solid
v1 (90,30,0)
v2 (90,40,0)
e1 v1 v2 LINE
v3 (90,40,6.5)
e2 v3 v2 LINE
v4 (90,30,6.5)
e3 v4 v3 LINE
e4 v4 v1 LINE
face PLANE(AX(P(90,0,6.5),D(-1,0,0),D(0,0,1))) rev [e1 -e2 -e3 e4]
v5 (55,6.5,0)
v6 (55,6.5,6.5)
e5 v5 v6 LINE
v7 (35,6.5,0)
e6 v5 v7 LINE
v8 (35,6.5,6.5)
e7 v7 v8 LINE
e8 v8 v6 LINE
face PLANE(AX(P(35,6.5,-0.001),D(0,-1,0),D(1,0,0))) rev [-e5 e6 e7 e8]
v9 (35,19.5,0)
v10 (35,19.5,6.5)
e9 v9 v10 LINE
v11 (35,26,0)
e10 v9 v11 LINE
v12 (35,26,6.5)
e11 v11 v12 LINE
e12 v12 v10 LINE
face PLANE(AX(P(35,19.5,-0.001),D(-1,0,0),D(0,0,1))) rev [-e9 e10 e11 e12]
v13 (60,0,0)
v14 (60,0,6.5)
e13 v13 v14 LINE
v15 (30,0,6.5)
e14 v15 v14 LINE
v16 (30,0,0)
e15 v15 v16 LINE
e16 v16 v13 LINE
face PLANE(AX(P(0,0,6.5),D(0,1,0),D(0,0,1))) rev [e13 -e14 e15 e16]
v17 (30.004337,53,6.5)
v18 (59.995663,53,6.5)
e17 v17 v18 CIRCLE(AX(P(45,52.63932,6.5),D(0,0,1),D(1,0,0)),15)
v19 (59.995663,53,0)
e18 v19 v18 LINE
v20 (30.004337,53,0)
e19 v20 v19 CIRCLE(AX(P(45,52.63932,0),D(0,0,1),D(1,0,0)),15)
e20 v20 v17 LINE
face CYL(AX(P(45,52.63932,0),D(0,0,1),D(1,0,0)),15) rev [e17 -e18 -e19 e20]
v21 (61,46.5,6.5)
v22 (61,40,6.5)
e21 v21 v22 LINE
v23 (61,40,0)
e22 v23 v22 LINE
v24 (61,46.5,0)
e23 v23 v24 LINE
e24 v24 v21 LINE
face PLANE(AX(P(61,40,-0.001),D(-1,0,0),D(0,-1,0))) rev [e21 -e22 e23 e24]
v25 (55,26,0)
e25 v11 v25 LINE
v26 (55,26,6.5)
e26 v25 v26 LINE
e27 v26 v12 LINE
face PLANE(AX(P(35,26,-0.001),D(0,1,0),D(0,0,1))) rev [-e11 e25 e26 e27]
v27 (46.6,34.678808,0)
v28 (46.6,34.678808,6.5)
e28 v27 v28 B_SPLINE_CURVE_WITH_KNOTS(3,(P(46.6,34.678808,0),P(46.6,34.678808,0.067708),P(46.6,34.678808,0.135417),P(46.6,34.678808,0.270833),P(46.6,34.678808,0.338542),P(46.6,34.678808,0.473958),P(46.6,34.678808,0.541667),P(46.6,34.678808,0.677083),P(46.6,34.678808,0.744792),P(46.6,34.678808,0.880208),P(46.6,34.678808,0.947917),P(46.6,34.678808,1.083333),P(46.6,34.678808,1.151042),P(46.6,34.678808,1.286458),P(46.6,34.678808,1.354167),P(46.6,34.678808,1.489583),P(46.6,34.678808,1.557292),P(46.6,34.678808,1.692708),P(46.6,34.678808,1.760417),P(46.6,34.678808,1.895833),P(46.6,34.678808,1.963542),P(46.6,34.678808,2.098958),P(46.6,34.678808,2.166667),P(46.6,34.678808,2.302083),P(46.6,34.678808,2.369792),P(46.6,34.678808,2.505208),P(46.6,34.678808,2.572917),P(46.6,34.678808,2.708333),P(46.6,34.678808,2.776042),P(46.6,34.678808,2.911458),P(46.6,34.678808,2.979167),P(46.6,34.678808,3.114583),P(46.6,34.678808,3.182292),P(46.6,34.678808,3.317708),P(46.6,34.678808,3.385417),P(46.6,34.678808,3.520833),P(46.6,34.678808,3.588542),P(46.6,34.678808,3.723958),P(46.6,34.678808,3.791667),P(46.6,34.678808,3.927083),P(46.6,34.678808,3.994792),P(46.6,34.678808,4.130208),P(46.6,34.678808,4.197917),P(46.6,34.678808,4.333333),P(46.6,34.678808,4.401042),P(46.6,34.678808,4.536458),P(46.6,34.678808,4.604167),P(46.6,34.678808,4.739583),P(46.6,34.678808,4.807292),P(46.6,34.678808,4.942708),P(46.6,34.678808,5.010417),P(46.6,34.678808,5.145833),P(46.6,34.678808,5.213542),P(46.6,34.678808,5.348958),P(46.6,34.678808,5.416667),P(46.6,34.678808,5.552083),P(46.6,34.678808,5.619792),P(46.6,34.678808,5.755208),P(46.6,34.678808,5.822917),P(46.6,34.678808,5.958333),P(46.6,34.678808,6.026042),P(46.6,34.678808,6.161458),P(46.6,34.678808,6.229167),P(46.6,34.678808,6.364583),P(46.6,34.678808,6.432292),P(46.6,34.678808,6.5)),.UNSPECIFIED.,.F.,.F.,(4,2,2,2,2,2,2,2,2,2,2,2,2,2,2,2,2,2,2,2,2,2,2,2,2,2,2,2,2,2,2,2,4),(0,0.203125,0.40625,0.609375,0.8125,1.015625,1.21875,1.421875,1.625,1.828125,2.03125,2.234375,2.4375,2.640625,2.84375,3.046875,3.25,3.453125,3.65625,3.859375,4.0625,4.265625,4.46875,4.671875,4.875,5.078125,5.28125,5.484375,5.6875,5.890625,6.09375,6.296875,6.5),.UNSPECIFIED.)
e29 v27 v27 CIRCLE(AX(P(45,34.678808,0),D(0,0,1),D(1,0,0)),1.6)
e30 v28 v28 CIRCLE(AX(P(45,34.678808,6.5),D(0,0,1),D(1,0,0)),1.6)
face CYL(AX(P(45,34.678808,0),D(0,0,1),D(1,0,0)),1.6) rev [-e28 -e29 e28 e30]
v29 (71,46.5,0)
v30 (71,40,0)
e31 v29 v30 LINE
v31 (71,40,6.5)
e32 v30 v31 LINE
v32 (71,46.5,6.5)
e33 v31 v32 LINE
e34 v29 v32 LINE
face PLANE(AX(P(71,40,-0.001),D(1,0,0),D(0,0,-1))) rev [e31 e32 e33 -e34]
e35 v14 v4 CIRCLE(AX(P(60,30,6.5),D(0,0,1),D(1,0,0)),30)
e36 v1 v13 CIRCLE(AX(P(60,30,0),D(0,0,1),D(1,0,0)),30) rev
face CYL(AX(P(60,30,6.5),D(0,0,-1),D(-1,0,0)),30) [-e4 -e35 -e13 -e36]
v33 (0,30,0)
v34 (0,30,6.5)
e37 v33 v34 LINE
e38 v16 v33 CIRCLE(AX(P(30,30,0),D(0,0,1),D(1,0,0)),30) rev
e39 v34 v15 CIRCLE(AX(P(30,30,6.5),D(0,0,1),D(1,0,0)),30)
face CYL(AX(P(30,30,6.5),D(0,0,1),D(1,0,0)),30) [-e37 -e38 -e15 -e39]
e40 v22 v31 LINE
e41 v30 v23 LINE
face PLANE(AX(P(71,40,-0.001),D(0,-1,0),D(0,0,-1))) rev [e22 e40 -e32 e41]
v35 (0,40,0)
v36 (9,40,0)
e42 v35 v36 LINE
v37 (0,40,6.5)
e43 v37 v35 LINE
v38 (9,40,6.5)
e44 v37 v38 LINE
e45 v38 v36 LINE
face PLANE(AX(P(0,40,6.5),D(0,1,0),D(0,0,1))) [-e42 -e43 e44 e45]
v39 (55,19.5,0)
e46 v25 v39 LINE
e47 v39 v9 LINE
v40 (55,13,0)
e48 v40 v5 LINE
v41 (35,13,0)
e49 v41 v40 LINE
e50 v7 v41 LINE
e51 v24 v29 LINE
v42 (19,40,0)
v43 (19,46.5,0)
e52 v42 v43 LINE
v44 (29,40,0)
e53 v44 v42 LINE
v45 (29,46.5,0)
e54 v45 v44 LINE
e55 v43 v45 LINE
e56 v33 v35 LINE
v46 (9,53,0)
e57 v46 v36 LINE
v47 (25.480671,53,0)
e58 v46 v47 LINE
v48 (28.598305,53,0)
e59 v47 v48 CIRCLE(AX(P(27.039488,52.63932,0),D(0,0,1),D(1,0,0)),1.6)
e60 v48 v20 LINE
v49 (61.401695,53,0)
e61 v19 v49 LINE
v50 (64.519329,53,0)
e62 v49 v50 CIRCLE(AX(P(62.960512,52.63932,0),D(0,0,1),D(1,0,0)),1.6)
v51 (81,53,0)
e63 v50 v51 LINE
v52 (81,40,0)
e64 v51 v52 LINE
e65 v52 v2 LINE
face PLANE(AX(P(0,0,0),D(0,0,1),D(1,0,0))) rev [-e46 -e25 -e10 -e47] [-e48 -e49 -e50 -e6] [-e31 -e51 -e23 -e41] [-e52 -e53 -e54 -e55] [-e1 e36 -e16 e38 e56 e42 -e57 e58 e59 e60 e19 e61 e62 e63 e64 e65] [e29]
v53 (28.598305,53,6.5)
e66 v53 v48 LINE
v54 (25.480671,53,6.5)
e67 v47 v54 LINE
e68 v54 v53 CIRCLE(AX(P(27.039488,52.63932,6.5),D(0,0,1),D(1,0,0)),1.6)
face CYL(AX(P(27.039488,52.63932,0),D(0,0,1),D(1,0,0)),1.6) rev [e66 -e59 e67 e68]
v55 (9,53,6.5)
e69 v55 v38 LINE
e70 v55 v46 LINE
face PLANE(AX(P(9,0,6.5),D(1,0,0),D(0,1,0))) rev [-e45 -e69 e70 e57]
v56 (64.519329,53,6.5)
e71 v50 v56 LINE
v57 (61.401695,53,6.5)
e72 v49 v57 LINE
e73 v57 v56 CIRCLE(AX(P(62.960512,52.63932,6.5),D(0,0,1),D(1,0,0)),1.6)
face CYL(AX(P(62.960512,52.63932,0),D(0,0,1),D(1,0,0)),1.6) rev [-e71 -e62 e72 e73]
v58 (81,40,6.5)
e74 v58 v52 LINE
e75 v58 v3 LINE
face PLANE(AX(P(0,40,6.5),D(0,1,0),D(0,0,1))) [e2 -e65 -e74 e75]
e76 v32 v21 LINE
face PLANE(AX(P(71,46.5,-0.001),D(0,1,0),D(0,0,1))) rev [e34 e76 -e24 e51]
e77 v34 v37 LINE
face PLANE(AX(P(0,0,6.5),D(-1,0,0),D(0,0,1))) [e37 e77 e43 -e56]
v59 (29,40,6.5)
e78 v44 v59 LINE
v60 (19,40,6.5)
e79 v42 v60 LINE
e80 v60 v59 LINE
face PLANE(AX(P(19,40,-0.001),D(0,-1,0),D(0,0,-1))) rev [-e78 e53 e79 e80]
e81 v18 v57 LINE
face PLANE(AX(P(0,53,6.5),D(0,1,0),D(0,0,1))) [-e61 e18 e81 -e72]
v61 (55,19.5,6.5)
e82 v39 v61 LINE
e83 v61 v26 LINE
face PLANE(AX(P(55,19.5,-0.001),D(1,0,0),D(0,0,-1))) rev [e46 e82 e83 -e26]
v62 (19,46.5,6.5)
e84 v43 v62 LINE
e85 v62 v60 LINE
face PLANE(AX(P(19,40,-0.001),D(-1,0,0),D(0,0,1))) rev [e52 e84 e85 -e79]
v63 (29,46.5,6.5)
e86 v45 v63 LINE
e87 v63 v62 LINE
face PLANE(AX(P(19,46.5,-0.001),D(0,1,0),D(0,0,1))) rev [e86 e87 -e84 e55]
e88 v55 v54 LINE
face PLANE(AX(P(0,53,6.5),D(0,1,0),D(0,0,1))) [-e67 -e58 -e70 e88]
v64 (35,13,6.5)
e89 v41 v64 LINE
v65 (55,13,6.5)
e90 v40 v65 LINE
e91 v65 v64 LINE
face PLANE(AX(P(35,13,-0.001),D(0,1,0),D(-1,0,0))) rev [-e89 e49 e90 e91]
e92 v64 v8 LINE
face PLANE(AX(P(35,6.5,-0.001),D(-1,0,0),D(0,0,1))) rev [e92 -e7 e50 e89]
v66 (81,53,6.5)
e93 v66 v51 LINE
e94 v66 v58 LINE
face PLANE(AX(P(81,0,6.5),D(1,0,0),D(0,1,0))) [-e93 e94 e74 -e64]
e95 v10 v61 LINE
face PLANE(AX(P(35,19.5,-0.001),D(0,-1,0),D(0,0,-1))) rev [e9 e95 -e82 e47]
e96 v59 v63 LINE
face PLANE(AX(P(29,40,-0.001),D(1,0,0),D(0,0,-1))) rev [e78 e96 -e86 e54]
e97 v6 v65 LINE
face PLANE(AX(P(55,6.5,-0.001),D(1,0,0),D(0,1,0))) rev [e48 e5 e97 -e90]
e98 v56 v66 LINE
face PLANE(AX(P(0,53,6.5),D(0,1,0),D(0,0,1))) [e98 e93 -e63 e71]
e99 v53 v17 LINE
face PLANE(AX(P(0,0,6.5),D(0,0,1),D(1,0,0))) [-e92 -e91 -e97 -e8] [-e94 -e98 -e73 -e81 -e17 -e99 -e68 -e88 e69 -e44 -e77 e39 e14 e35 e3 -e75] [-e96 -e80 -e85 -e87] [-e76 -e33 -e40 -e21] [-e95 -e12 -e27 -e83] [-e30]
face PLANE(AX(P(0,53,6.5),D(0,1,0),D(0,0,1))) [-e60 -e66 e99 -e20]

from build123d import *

# Parameters (mm, degrees)
SKETCH1_W                  = 72
SKETCH1_H                  = 13
SKETCH1_W_2                = 90
SKETCH1_H_2                = 40
BOSS_EXTRUDE1_DEPTH        = 6.5
FILLET2_R                  = 30
SKETCH2_R                  = 15
SKETCH2_R_2                = 1.6
MOTOR_CLEARANCE_DEPTH      = 105.648220243
CUT_SIDE_WHEEL_HOLES_REACH = 106.648
SKETCH3_W                  = 10
SKETCH3_H                  = 6.5
CUT_EXTRUDE1_REACH         = 106.648
SKETCH5_W                  = 20
SKETCH5_H                  = 6.5


with BuildPart() as part:
    # Sketch1 → Boss-Extrude1 (new body)
    with BuildSketch(Plane.XY):
        with Locations((45, 46.5)):
            Rectangle(SKETCH1_W, SKETCH1_H)
        with Locations((45, 20)):
            Rectangle(SKETCH1_W_2, SKETCH1_H_2)
    extrude(amount=BOSS_EXTRUDE1_DEPTH)

    # Fillet2
    fillet2_edges = [part.edges().sort_by_distance(p)[0] for p in [
        (90, 0, 3.25),
        (0, 0, 3.25),
    ]]
    fillet(fillet2_edges, radius=FILLET2_R)

    # Sketch2 → motor clearance (cut, through all)
    with BuildSketch(Plane.XY.offset(6.5)):
        with Locations((45, 52.639320225)):
            Circle(SKETCH2_R)
        with Locations((62.960512242, 52.639320225)):
            Circle(SKETCH2_R_2)
        with Locations((45, 34.678807983)):
            Circle(SKETCH2_R_2)
        with Locations((27.039487758, 52.639320225)):
            Circle(SKETCH2_R_2)
    extrude(amount=-MOTOR_CLEARANCE_DEPTH, mode=Mode.SUBTRACT)

    # Sketch3 → cut side wheel holes (cut, up to next)
    with BuildSketch(Plane.XY.offset(6.5), mode=Mode.PRIVATE) as cut_side_wheel_holes_sk1:
        with Locations((24, 43.25)):
            Rectangle(SKETCH3_W, SKETCH3_H)
    cut_side_wheel_holes_tool1 = extrude(cut_side_wheel_holes_sk1.sketch, amount=-CUT_SIDE_WHEEL_HOLES_REACH, mode=Mode.PRIVATE) & part.part
    # Sketch3 → cut side wheel holes (cut, up to next)
    with BuildSketch(Plane.XY.offset(6.5), mode=Mode.PRIVATE) as cut_side_wheel_holes_sk2:
        with Locations((66, 43.25)):
            Rectangle(SKETCH3_W, SKETCH3_H)
    cut_side_wheel_holes_tool2 = extrude(cut_side_wheel_holes_sk2.sketch, amount=-CUT_SIDE_WHEEL_HOLES_REACH, mode=Mode.PRIVATE) & part.part
    add(cut_side_wheel_holes_tool1.solids().sort_by_distance((24, 43.25, 6.5))[0], mode=Mode.SUBTRACT)
    add(cut_side_wheel_holes_tool2.solids().sort_by_distance((66, 43.25, 6.5))[0], mode=Mode.SUBTRACT)

    # Sketch5 → Cut-Extrude1 (cut, up to next)
    with BuildSketch(Plane.XY.offset(6.5), mode=Mode.PRIVATE) as cut_extrude1_sk1:
        with Locations((45, 22.75)):
            Rectangle(SKETCH5_W, SKETCH5_H)
    cut_extrude1_tool1 = extrude(cut_extrude1_sk1.sketch, amount=-CUT_EXTRUDE1_REACH, mode=Mode.PRIVATE) & part.part
    # Sketch5 → Cut-Extrude1 (cut, up to next)
    with BuildSketch(Plane.XY.offset(6.5), mode=Mode.PRIVATE) as cut_extrude1_sk2:
        with Locations((45, 9.75)):
            Rectangle(SKETCH5_W, SKETCH5_H)
    cut_extrude1_tool2 = extrude(cut_extrude1_sk2.sketch, amount=-CUT_EXTRUDE1_REACH, mode=Mode.PRIVATE) & part.part
    add(cut_extrude1_tool1.solids().sort_by_distance((45, 22.75, 6.5))[0], mode=Mode.SUBTRACT)
    add(cut_extrude1_tool2.solids().sort_by_distance((45, 9.75, 6.5))[0], mode=Mode.SUBTRACT)


solid = part.part
